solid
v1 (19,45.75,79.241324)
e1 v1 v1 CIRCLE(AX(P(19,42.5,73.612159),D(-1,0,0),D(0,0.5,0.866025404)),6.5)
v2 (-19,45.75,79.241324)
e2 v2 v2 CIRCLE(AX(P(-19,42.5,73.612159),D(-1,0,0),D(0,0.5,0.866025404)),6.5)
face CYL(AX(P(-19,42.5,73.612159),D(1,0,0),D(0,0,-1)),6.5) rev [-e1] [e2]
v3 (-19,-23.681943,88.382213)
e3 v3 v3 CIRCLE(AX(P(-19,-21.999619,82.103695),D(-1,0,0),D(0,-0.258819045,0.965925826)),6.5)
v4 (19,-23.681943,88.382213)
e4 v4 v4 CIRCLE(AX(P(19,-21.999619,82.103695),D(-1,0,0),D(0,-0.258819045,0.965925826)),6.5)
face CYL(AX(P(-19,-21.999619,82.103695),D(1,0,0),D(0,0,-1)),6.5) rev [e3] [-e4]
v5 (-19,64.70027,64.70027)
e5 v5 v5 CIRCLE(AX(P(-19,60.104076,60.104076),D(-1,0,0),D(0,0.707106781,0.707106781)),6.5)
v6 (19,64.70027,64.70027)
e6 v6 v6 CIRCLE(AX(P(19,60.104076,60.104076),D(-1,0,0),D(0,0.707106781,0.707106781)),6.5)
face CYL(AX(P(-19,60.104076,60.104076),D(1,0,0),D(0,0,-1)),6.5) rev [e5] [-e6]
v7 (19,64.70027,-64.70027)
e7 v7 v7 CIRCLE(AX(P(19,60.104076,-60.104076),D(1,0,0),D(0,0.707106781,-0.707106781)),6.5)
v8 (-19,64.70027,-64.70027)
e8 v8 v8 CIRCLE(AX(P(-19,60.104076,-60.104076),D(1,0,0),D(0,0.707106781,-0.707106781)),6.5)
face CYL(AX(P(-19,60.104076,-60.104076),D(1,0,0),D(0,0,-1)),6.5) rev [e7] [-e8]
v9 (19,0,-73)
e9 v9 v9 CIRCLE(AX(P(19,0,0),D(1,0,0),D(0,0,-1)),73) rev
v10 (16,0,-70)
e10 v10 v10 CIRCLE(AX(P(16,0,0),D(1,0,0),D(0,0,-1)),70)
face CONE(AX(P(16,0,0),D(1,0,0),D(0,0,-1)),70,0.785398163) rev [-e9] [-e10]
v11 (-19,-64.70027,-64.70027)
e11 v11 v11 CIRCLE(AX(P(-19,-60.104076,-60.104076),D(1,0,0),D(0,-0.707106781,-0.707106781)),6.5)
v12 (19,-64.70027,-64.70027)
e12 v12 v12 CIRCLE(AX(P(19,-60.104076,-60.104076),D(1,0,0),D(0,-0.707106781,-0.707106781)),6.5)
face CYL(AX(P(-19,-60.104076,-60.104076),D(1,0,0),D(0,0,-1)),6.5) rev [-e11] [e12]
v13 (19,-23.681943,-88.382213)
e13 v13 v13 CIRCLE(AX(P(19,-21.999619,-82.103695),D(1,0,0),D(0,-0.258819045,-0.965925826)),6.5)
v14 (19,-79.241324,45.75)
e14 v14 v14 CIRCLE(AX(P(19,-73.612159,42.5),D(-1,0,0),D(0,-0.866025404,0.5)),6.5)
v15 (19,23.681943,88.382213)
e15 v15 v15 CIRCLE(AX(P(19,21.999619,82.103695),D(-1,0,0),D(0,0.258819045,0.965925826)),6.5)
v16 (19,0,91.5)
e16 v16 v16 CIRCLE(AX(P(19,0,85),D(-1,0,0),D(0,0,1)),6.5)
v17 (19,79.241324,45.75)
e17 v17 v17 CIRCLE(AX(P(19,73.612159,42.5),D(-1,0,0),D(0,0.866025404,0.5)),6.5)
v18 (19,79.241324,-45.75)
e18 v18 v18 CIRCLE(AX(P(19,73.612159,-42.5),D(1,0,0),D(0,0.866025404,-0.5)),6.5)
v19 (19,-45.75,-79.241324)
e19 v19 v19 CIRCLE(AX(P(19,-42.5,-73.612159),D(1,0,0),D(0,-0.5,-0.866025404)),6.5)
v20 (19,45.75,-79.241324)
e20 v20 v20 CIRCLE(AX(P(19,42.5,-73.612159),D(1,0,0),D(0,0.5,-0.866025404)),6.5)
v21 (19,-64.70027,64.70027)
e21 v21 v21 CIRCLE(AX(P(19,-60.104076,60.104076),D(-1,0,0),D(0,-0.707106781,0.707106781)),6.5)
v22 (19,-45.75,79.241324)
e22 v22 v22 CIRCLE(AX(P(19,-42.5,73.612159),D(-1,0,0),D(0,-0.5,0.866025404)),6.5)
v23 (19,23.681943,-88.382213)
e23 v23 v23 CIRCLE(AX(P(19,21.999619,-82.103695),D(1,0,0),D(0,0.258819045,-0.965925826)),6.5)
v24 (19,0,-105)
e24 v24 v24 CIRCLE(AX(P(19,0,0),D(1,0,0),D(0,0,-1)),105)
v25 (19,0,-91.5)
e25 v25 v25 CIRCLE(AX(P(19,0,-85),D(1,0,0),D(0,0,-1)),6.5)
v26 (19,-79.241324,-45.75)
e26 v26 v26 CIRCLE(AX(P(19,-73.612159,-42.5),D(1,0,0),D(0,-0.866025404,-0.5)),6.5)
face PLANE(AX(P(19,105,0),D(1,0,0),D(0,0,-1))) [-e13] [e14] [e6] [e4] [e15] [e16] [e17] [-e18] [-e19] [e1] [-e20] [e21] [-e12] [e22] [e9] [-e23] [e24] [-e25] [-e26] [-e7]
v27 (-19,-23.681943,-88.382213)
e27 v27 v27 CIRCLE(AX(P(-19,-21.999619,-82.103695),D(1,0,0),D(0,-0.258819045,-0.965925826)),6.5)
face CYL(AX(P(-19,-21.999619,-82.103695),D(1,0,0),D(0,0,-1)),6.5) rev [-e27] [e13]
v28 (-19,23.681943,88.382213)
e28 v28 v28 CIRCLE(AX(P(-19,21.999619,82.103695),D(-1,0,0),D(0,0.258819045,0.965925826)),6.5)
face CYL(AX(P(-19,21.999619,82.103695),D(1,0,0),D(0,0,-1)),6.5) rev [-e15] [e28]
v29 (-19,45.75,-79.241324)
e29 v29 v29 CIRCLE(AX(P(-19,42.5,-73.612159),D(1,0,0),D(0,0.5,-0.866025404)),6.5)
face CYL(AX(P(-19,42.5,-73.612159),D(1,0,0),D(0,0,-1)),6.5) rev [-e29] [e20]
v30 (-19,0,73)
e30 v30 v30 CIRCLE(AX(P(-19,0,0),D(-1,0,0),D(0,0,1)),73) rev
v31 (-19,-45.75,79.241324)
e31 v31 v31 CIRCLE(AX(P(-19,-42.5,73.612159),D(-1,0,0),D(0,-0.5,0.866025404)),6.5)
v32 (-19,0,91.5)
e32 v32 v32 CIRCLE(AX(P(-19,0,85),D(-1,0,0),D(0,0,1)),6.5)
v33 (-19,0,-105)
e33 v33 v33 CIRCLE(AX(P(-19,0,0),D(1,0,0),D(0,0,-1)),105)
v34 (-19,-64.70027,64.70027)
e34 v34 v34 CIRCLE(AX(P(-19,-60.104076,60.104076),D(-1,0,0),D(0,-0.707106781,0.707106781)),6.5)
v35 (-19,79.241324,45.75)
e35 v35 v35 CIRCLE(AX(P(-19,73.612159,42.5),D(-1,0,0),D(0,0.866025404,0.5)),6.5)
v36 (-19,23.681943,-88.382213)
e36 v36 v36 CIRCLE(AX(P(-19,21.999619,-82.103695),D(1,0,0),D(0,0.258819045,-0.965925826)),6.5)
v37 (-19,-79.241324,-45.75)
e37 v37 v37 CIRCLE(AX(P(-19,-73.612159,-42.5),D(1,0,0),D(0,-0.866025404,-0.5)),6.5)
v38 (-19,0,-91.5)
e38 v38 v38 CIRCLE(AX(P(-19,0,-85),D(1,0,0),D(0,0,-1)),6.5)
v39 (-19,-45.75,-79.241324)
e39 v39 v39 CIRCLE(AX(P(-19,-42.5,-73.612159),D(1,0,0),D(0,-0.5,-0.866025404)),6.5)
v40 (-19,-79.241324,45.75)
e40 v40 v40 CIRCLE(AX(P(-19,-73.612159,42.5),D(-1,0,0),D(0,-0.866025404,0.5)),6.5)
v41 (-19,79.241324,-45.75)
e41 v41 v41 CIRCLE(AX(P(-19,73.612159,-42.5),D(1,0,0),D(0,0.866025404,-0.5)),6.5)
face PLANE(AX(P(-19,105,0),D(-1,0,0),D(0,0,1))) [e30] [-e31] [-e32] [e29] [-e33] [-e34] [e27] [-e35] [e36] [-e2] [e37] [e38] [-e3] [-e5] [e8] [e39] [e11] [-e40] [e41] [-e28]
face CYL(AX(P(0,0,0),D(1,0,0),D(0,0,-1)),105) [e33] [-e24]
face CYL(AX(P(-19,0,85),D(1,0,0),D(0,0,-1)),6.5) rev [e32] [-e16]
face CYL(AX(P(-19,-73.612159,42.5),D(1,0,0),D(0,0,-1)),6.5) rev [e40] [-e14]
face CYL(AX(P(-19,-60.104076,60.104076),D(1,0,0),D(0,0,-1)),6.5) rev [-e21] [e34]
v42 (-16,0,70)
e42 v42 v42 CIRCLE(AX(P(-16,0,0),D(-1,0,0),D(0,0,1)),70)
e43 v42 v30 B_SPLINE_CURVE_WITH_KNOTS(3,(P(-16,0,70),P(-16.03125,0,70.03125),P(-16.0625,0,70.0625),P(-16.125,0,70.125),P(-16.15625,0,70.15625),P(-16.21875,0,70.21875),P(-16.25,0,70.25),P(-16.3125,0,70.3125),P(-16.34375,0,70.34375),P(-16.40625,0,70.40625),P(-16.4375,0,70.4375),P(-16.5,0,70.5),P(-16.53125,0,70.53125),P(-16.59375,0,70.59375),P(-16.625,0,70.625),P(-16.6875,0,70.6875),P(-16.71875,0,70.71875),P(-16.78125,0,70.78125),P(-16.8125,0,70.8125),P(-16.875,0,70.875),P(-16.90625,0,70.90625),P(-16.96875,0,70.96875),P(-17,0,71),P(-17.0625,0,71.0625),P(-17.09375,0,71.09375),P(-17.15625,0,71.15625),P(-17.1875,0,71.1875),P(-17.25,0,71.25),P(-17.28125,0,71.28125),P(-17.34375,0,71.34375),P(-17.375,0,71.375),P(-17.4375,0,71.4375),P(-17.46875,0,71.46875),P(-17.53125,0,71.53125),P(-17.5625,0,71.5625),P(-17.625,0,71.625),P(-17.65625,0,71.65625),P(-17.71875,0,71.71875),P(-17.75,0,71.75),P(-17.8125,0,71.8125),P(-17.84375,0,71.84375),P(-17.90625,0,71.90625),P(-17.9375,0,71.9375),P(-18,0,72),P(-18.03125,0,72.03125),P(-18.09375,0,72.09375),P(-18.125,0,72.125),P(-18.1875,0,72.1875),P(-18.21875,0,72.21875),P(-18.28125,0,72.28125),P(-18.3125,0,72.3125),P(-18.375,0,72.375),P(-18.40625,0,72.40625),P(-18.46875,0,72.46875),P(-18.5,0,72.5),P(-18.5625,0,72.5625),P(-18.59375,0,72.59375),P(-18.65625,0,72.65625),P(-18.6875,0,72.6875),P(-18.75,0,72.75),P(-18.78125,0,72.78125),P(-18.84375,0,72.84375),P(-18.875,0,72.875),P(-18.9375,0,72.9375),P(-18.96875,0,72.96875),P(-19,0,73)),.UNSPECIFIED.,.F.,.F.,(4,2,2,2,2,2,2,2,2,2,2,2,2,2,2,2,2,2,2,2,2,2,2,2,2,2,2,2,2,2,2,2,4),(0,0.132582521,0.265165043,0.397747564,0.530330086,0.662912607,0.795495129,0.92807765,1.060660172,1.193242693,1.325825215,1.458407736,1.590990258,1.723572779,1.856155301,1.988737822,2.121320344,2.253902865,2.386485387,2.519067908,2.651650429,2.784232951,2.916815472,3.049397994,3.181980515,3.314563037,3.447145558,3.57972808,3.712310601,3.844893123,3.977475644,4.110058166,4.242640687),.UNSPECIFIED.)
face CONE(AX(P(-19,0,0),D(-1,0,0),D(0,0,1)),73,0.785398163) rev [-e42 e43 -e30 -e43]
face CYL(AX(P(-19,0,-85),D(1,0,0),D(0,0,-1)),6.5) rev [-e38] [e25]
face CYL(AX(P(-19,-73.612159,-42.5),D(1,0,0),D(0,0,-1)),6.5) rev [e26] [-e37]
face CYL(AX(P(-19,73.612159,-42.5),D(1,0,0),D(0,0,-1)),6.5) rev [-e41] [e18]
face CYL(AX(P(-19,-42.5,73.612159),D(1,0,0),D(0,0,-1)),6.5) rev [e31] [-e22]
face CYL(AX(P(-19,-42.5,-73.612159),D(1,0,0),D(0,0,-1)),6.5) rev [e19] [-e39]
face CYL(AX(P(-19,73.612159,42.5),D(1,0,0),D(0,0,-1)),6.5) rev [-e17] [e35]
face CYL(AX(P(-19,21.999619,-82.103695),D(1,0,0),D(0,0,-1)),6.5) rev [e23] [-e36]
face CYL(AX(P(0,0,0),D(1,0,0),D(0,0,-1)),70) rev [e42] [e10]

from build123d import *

# Parameters (mm, degrees)
SKETCH1_W                       = 38
SKETCH1_H                       = 35
SKETCH2_R                       = 6.5
CUT_EXTRUDE1_DEPTH              = 154.277526076
CIRPATTERN1_COUNT               = 5
CIRPATTERN1_ANGLE               = 60
CIRPATTERN1_THE_OTHER_WAY_COUNT = 5
CIRPATTERN1_THE_OTHER_WAY_ANGLE = 60
MIRROR1_COPY_1_SKETCH_R         = 6.5
MIRROR1_COPY_1_DEPTH            = 154.277526076
MIRROR1_COPY_2_SKETCH_R         = 6.5
MIRROR1_COPY_2_DEPTH            = 154.277526076
MIRROR1_COPY_3_SKETCH_R         = 6.5
MIRROR1_COPY_3_DEPTH            = 154.277526076
MIRROR1_COPY_4_SKETCH_R         = 6.5
MIRROR1_COPY_4_DEPTH            = 154.277526076
MIRROR1_COPY_5_SKETCH_R         = 6.5
MIRROR1_COPY_5_DEPTH            = 154.277526076
MIRROR1_COPY_6_SKETCH_R         = 6.5
MIRROR1_COPY_6_DEPTH            = 154.277526076
MIRROR1_COPY_7_SKETCH_R         = 6.5
MIRROR1_COPY_7_DEPTH            = 154.277526076
MIRROR1_COPY_8_SKETCH_R         = 6.5
MIRROR1_COPY_8_DEPTH            = 154.277526076
MIRROR1_COPY_9_SKETCH_R         = 6.5
MIRROR1_COPY_9_DEPTH            = 154.277526076
CHAMFER1_SIZE                   = 3


with BuildPart() as part:
    # Sketch1 → Revolve1 (revolve)
    with BuildSketch(Plane.XY):
        with Locations((0, 87.5)):
            Rectangle(SKETCH1_W, SKETCH1_H)
    revolve(axis=Axis((0, 0, 0), (-1, 0, 0)))

    # Sketch2 → Cut-Extrude1 (cut, through all)
    with BuildSketch(Plane(origin=(19, 0, 0), x_dir=(0, 0, -1), z_dir=(1, 0, 0))):
        with Locations((85, 0)):
            Circle(SKETCH2_R)
    cut_extrude1 = extrude(amount=-CUT_EXTRUDE1_DEPTH, mode=Mode.SUBTRACT)

    # CirPattern1: Cut-Extrude1 ×5 about axis
    cirpattern1_axis = Axis((-19, 0, 0), (1, 0, 0))
    for i in range(1, CIRPATTERN1_COUNT):
        add(cut_extrude1.rotate(cirpattern1_axis, i * CIRPATTERN1_ANGLE / (CIRPATTERN1_COUNT - 1)), mode=Mode.SUBTRACT)

    # CirPattern1 the other way: Cut-Extrude1 ×5 about axis
    cirpattern1_the_other_way_axis = Axis((-19, 0, 0), (-1, 0, 0))
    for i in range(1, CIRPATTERN1_THE_OTHER_WAY_COUNT):
        add(cut_extrude1.rotate(cirpattern1_the_other_way_axis, i * CIRPATTERN1_THE_OTHER_WAY_ANGLE / (CIRPATTERN1_THE_OTHER_WAY_COUNT - 1)), mode=Mode.SUBTRACT)

    # Mirror1 copy 1 sketch → Mirror1 copy 1 (cut, through all)
    with BuildSketch(Plane(origin=(19, 0, 0), x_dir=(0, 0.2588190451025214, 0.9659258262890681), z_dir=(1, 0, 0))):
        with Locations((85, 0)):
            Circle(MIRROR1_COPY_1_SKETCH_R)
    extrude(amount=-MIRROR1_COPY_1_DEPTH, mode=Mode.SUBTRACT)

    # Mirror1 copy 2 sketch → Mirror1 copy 2 (cut, through all)
    with BuildSketch(Plane(origin=(19, 0, 0), x_dir=(0, 0.5000000000000011, 0.866025403784438), z_dir=(1, 0, 0))):
        with Locations((85, 0)):
            Circle(MIRROR1_COPY_2_SKETCH_R)
    extrude(amount=-MIRROR1_COPY_2_DEPTH, mode=Mode.SUBTRACT)

    # Mirror1 copy 3 sketch → Mirror1 copy 3 (cut, through all)
    with BuildSketch(Plane(origin=(19, 0, 0), x_dir=(0, 0.7071067811865488, 0.7071067811865462), z_dir=(1, 0, 0))):
        with Locations((85, 0)):
            Circle(MIRROR1_COPY_3_SKETCH_R)
    extrude(amount=-MIRROR1_COPY_3_DEPTH, mode=Mode.SUBTRACT)

    # Mirror1 copy 4 sketch → Mirror1 copy 4 (cut, through all)
    with BuildSketch(Plane(origin=(19, 0, 0), x_dir=(0, 0.8660254037844399, 0.4999999999999978), z_dir=(1, 0, 0))):
        with Locations((85, 0)):
            Circle(MIRROR1_COPY_4_SKETCH_R)
    extrude(amount=-MIRROR1_COPY_4_DEPTH, mode=Mode.SUBTRACT)

    # Mirror1 copy 5 sketch → Mirror1 copy 5 (cut, through all)
    with BuildSketch(Plane(origin=(19, 0, 0), x_dir=(0, -0.2588190451025214, 0.9659258262890681), z_dir=(1, 0, 0))):
        with Locations((85, 0)):
            Circle(MIRROR1_COPY_5_SKETCH_R)
    extrude(amount=-MIRROR1_COPY_5_DEPTH, mode=Mode.SUBTRACT)

    # Mirror1 copy 6 sketch → Mirror1 copy 6 (cut, through all)
    with BuildSketch(Plane(origin=(19, 0, 0), x_dir=(0, -0.5000000000000011, 0.866025403784438), z_dir=(1, 0, 0))):
        with Locations((85, 0)):
            Circle(MIRROR1_COPY_6_SKETCH_R)
    extrude(amount=-MIRROR1_COPY_6_DEPTH, mode=Mode.SUBTRACT)

    # Mirror1 copy 7 sketch → Mirror1 copy 7 (cut, through all)
    with BuildSketch(Plane(origin=(19, 0, 0), x_dir=(0, -0.7071067811865488, 0.7071067811865462), z_dir=(1, 0, 0))):
        with Locations((85, 0)):
            Circle(MIRROR1_COPY_7_SKETCH_R)
    extrude(amount=-MIRROR1_COPY_7_DEPTH, mode=Mode.SUBTRACT)

    # Mirror1 copy 8 sketch → Mirror1 copy 8 (cut, through all)
    with BuildSketch(Plane(origin=(19, 0, 0), x_dir=(0, -0.8660254037844399, 0.4999999999999978), z_dir=(1, 0, 0))):
        with Locations((85, 0)):
            Circle(MIRROR1_COPY_8_SKETCH_R)
    extrude(amount=-MIRROR1_COPY_8_DEPTH, mode=Mode.SUBTRACT)

    # Mirror1 copy 9 sketch → Mirror1 copy 9 (cut, through all)
    with BuildSketch(Plane(origin=(19, 0, 0), x_dir=(0, 0, 1), z_dir=(1, 0, 0))):
        with Locations((85, 0)):
            Circle(MIRROR1_COPY_9_SKETCH_R)
    extrude(amount=-MIRROR1_COPY_9_DEPTH, mode=Mode.SUBTRACT)

    # Chamfer1
    chamfer1_edges = [part.edges().sort_by_distance(p)[0] for p in [
        (-19, -70, 0),
        (19, -70, 0),
    ]]
    chamfer(chamfer1_edges, length=CHAMFER1_SIZE)


solid = part.part
